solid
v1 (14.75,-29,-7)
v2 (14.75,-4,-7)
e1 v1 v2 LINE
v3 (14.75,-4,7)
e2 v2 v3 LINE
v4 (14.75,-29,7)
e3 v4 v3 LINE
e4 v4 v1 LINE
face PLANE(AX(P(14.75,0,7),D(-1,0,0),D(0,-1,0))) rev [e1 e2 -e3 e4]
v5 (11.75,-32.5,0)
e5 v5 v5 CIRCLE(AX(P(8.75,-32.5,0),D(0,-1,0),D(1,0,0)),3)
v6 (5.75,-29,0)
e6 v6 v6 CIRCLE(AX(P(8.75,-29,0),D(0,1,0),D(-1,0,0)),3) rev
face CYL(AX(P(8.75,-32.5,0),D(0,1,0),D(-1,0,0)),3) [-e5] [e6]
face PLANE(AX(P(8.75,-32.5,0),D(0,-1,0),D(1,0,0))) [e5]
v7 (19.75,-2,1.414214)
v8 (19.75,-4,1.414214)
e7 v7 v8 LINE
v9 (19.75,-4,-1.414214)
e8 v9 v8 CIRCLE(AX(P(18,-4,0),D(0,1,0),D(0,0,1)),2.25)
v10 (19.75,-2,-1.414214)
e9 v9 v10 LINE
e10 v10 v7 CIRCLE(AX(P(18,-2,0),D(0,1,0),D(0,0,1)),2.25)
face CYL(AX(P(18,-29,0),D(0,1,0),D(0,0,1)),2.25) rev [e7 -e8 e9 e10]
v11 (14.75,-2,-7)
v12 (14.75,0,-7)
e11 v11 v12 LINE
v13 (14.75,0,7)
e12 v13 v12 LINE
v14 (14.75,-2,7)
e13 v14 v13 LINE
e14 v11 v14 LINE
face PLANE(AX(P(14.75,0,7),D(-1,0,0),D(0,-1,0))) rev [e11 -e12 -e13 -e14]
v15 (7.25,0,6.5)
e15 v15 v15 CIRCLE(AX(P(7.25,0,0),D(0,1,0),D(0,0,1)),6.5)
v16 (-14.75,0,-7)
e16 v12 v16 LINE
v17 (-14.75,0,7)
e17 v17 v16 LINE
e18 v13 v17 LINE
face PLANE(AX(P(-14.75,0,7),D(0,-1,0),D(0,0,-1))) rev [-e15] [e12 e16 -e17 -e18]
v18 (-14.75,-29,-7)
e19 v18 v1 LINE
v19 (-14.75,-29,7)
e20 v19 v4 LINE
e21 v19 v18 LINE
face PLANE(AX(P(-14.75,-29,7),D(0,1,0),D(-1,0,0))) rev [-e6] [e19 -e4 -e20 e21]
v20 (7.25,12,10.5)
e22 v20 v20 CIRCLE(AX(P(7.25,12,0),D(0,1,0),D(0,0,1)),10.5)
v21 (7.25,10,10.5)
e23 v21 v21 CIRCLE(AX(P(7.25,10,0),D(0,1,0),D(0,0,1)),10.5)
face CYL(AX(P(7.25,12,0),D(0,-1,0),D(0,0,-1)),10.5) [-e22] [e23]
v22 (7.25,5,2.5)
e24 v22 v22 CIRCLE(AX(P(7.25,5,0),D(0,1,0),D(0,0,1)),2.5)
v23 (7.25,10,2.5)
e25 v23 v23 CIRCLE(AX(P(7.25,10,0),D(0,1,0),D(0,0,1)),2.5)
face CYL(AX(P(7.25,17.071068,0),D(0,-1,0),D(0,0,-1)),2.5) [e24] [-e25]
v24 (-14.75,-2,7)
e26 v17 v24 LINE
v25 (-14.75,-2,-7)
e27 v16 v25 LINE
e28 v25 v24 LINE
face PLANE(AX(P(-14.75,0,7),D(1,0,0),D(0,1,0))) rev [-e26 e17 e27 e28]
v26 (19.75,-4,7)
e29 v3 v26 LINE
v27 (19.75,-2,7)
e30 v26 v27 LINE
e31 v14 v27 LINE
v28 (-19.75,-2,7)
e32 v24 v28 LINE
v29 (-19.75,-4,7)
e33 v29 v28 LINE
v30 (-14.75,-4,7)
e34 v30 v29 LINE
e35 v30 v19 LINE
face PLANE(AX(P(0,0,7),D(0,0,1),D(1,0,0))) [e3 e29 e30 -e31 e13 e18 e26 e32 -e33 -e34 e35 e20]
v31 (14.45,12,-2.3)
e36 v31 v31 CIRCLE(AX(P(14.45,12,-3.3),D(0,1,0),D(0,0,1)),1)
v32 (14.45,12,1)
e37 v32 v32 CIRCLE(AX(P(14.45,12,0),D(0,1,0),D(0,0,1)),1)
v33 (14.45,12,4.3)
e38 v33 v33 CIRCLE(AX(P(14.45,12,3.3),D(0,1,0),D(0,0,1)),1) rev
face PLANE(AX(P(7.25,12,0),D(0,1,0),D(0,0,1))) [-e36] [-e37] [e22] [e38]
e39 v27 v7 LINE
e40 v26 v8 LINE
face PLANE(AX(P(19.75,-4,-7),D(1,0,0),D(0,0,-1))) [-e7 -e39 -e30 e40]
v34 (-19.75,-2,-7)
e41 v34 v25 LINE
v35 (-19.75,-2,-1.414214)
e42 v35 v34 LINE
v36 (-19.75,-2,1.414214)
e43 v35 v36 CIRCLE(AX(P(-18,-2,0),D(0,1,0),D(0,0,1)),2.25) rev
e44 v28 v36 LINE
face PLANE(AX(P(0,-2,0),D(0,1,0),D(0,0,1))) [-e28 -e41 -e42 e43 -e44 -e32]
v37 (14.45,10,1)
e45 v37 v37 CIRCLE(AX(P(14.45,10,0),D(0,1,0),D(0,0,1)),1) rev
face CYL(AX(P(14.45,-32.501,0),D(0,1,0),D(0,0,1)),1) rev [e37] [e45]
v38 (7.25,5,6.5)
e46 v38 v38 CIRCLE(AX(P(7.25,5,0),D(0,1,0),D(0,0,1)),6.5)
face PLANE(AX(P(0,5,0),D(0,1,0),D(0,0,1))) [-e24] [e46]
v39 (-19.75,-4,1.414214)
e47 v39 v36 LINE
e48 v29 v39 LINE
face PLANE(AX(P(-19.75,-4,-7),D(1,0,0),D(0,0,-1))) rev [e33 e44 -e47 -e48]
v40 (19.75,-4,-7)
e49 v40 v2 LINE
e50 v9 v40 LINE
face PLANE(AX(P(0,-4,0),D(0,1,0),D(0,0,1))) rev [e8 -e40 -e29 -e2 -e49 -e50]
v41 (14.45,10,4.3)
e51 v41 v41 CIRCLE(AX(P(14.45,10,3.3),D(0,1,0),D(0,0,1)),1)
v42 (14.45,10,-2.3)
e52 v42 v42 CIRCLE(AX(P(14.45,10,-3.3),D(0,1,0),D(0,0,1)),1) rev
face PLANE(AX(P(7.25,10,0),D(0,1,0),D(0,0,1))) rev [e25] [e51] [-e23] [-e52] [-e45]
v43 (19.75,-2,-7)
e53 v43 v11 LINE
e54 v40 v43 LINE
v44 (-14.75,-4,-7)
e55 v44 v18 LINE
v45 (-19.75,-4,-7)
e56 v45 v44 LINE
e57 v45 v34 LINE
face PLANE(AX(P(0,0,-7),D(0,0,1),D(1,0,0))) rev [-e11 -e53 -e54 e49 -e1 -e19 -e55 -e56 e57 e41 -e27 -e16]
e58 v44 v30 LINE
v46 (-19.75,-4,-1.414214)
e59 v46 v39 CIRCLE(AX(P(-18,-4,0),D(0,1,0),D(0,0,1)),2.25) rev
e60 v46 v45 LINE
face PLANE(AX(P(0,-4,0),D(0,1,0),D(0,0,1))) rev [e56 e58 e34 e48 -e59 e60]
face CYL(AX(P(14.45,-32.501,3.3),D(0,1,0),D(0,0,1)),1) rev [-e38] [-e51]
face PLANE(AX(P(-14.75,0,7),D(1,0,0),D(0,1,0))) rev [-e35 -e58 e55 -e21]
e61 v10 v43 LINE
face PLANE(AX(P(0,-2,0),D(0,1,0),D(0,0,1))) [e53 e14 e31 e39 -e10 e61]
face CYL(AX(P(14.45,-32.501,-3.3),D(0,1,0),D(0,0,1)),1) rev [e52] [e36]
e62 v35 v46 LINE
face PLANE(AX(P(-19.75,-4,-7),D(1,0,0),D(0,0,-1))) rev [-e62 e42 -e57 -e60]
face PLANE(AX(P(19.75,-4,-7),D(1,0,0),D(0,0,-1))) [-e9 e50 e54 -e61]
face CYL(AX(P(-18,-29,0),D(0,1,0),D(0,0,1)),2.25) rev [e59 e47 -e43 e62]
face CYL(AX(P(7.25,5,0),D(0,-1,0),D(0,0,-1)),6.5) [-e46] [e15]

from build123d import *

# Parameters (mm, degrees)
SKETCH_1_W          = 29.5
SKETCH_1_H          = 29
EXTRUDE_1_DEPTH     = 7
SKETCH_2_W          = 5
SKETCH_2_H          = 14
EXTRUDE_2_DEPTH     = 2
SKETCH_3_R          = 2.25
CUT_EXTRUDE_1_DEPTH = 35.176929353
SKETCH_4_R          = 6.5
SKETCH_4_R_2        = 2.5
EXTRUDE_3_DEPTH     = 5
SKETCH_5_R          = 3
EXTRUDE_4_DEPTH     = 3.5
EXTRUDE_START       = 10
SKETCH_4_3_R        = 10.5
EXTRUDE_5_DEPTH     = 2
SKETCH_4_4_R        = 2.5
EXTRUDE_6_DEPTH     = 10
CUT_EXTRUDE_2_REACH = 51.805
SKETCH_6_R          = 1


with BuildPart() as part:
    # 스케치1 → 보스-돌출1 (new, symmetric)
    with BuildSketch(Plane.XY):
        with Locations((0, -14.5)):
            Rectangle(SKETCH_1_W, SKETCH_1_H)
    extrude(amount=EXTRUDE_1_DEPTH, both=True)

    # 스케치2 → 보스-돌출2 (add)
    with BuildSketch(Plane(origin=(0, -2, 0), x_dir=(1, 0, 0), z_dir=(0, 1, 0))):
        with Locations((17.25, 0)):
            Rectangle(SKETCH_2_W, SKETCH_2_H)
    extrude_2 = extrude(amount=-EXTRUDE_2_DEPTH)

    # 스케치3 → 컷-돌출1 (cut, through all)
    with BuildSketch(Plane(origin=(0, -2, 0), x_dir=(1, 0, 0), z_dir=(0, 1, 0))):
        with Locations((18, 0)):
            Circle(SKETCH_3_R)
    cut_extrude_1 = extrude(amount=-CUT_EXTRUDE_1_DEPTH, mode=Mode.SUBTRACT)

    # 스케치4 → 보스-돌출3 (add)
    with BuildSketch(Plane(origin=(0, 0, 0), x_dir=(1, 0, 0), z_dir=(0, 1, 0))):
        with Locations(Location((7.25, 0, 0), (0, 0, 270))):
            Circle(SKETCH_4_R)
        with Locations(Location((7.25, 0, 0), (0, 0, 270))):
            Circle(SKETCH_4_R_2, mode=Mode.SUBTRACT)
    extrude(amount=EXTRUDE_3_DEPTH)

    # 대칭 복사1: 보스-돌출2, 컷-돌출1 across plane
    add(extrude_2.mirror(Plane(origin=(0, 0, 0), x_dir=(0, 0, 1), z_dir=(1, 0, 0))))
    add(cut_extrude_1.mirror(Plane(origin=(0, 0, 0), x_dir=(0, 0, 1), z_dir=(1, 0, 0))), mode=Mode.SUBTRACT)

    # 스케치5 → 보스-돌출4 (add)
    with BuildSketch(Plane.XZ.offset(29)):
        with Locations(Location((8.75, 0, 0), (0, 0, 180))):
            Circle(SKETCH_5_R)
    extrude(amount=EXTRUDE_4_DEPTH)



with BuildPart() as body_2:
    # 스케치4<3> → 보스-돌출5 (new body)
    with BuildSketch(Plane(origin=(0, 0, 0), x_dir=(1, 0, 0), z_dir=(0, 1, 0)).offset(EXTRUDE_START)):
        with Locations(Location((7.25, 0, 0), (0, 0, 270))):
            Circle(SKETCH_4_3_R)
    extrude(amount=EXTRUDE_5_DEPTH)


with BuildPart() as part_1:
    add(part.part)

    add(body_2.part)  # 보스-돌출6 merges body 2
    # 스케치4<4> → 보스-돌출6 (add)
    with BuildSketch(Plane(origin=(0, 0, 0), x_dir=(1, 0, 0), z_dir=(0, 1, 0))):
        with Locations(Location((7.25, 0, 0), (0, 0, 270))):
            Circle(SKETCH_4_4_R)
    extrude(amount=EXTRUDE_6_DEPTH)

    # 스케치6 → 컷-돌출2 (cut, up to next)
    with BuildSketch(Plane(origin=(0, 12, 0), x_dir=(1, 0, 0), z_dir=(0, 1, 0)), mode=Mode.PRIVATE) as cut_extrude_2_sk1:
        with Locations(Location((14.45, 3.3, 0), (0, 0, 270))):
            Circle(SKETCH_6_R)
    cut_extrude_2_tool1 = extrude(cut_extrude_2_sk1.sketch, amount=-CUT_EXTRUDE_2_REACH, mode=Mode.PRIVATE) & part_1.part
    # 스케치6 → 컷-돌출2 (cut, up to next)
    with BuildSketch(Plane(origin=(0, 12, 0), x_dir=(1, 0, 0), z_dir=(0, 1, 0)), mode=Mode.PRIVATE) as cut_extrude_2_sk2:
        with Locations(Location((14.45, 0, 0), (0, 0, 270))):
            Circle(SKETCH_6_R)
    cut_extrude_2_tool2 = extrude(cut_extrude_2_sk2.sketch, amount=-CUT_EXTRUDE_2_REACH, mode=Mode.PRIVATE) & part_1.part
    # 스케치6 → 컷-돌출2 (cut, up to next)
    with BuildSketch(Plane(origin=(0, 12, 0), x_dir=(1, 0, 0), z_dir=(0, 1, 0)), mode=Mode.PRIVATE) as cut_extrude_2_sk3:
        with Locations(Location((14.45, -3.3, 0), (0, 0, 270))):
            Circle(SKETCH_6_R)
    cut_extrude_2_tool3 = extrude(cut_extrude_2_sk3.sketch, amount=-CUT_EXTRUDE_2_REACH, mode=Mode.PRIVATE) & part_1.part
    add(cut_extrude_2_tool1.solids().sort_by_distance((14.45, 12, -3.3))[0], mode=Mode.SUBTRACT)
    add(cut_extrude_2_tool2.solids().sort_by_distance((14.45, 12, 0))[0], mode=Mode.SUBTRACT)
    add(cut_extrude_2_tool3.solids().sort_by_distance((14.45, 12, 3.3))[0], mode=Mode.SUBTRACT)


solid = part_1.part
